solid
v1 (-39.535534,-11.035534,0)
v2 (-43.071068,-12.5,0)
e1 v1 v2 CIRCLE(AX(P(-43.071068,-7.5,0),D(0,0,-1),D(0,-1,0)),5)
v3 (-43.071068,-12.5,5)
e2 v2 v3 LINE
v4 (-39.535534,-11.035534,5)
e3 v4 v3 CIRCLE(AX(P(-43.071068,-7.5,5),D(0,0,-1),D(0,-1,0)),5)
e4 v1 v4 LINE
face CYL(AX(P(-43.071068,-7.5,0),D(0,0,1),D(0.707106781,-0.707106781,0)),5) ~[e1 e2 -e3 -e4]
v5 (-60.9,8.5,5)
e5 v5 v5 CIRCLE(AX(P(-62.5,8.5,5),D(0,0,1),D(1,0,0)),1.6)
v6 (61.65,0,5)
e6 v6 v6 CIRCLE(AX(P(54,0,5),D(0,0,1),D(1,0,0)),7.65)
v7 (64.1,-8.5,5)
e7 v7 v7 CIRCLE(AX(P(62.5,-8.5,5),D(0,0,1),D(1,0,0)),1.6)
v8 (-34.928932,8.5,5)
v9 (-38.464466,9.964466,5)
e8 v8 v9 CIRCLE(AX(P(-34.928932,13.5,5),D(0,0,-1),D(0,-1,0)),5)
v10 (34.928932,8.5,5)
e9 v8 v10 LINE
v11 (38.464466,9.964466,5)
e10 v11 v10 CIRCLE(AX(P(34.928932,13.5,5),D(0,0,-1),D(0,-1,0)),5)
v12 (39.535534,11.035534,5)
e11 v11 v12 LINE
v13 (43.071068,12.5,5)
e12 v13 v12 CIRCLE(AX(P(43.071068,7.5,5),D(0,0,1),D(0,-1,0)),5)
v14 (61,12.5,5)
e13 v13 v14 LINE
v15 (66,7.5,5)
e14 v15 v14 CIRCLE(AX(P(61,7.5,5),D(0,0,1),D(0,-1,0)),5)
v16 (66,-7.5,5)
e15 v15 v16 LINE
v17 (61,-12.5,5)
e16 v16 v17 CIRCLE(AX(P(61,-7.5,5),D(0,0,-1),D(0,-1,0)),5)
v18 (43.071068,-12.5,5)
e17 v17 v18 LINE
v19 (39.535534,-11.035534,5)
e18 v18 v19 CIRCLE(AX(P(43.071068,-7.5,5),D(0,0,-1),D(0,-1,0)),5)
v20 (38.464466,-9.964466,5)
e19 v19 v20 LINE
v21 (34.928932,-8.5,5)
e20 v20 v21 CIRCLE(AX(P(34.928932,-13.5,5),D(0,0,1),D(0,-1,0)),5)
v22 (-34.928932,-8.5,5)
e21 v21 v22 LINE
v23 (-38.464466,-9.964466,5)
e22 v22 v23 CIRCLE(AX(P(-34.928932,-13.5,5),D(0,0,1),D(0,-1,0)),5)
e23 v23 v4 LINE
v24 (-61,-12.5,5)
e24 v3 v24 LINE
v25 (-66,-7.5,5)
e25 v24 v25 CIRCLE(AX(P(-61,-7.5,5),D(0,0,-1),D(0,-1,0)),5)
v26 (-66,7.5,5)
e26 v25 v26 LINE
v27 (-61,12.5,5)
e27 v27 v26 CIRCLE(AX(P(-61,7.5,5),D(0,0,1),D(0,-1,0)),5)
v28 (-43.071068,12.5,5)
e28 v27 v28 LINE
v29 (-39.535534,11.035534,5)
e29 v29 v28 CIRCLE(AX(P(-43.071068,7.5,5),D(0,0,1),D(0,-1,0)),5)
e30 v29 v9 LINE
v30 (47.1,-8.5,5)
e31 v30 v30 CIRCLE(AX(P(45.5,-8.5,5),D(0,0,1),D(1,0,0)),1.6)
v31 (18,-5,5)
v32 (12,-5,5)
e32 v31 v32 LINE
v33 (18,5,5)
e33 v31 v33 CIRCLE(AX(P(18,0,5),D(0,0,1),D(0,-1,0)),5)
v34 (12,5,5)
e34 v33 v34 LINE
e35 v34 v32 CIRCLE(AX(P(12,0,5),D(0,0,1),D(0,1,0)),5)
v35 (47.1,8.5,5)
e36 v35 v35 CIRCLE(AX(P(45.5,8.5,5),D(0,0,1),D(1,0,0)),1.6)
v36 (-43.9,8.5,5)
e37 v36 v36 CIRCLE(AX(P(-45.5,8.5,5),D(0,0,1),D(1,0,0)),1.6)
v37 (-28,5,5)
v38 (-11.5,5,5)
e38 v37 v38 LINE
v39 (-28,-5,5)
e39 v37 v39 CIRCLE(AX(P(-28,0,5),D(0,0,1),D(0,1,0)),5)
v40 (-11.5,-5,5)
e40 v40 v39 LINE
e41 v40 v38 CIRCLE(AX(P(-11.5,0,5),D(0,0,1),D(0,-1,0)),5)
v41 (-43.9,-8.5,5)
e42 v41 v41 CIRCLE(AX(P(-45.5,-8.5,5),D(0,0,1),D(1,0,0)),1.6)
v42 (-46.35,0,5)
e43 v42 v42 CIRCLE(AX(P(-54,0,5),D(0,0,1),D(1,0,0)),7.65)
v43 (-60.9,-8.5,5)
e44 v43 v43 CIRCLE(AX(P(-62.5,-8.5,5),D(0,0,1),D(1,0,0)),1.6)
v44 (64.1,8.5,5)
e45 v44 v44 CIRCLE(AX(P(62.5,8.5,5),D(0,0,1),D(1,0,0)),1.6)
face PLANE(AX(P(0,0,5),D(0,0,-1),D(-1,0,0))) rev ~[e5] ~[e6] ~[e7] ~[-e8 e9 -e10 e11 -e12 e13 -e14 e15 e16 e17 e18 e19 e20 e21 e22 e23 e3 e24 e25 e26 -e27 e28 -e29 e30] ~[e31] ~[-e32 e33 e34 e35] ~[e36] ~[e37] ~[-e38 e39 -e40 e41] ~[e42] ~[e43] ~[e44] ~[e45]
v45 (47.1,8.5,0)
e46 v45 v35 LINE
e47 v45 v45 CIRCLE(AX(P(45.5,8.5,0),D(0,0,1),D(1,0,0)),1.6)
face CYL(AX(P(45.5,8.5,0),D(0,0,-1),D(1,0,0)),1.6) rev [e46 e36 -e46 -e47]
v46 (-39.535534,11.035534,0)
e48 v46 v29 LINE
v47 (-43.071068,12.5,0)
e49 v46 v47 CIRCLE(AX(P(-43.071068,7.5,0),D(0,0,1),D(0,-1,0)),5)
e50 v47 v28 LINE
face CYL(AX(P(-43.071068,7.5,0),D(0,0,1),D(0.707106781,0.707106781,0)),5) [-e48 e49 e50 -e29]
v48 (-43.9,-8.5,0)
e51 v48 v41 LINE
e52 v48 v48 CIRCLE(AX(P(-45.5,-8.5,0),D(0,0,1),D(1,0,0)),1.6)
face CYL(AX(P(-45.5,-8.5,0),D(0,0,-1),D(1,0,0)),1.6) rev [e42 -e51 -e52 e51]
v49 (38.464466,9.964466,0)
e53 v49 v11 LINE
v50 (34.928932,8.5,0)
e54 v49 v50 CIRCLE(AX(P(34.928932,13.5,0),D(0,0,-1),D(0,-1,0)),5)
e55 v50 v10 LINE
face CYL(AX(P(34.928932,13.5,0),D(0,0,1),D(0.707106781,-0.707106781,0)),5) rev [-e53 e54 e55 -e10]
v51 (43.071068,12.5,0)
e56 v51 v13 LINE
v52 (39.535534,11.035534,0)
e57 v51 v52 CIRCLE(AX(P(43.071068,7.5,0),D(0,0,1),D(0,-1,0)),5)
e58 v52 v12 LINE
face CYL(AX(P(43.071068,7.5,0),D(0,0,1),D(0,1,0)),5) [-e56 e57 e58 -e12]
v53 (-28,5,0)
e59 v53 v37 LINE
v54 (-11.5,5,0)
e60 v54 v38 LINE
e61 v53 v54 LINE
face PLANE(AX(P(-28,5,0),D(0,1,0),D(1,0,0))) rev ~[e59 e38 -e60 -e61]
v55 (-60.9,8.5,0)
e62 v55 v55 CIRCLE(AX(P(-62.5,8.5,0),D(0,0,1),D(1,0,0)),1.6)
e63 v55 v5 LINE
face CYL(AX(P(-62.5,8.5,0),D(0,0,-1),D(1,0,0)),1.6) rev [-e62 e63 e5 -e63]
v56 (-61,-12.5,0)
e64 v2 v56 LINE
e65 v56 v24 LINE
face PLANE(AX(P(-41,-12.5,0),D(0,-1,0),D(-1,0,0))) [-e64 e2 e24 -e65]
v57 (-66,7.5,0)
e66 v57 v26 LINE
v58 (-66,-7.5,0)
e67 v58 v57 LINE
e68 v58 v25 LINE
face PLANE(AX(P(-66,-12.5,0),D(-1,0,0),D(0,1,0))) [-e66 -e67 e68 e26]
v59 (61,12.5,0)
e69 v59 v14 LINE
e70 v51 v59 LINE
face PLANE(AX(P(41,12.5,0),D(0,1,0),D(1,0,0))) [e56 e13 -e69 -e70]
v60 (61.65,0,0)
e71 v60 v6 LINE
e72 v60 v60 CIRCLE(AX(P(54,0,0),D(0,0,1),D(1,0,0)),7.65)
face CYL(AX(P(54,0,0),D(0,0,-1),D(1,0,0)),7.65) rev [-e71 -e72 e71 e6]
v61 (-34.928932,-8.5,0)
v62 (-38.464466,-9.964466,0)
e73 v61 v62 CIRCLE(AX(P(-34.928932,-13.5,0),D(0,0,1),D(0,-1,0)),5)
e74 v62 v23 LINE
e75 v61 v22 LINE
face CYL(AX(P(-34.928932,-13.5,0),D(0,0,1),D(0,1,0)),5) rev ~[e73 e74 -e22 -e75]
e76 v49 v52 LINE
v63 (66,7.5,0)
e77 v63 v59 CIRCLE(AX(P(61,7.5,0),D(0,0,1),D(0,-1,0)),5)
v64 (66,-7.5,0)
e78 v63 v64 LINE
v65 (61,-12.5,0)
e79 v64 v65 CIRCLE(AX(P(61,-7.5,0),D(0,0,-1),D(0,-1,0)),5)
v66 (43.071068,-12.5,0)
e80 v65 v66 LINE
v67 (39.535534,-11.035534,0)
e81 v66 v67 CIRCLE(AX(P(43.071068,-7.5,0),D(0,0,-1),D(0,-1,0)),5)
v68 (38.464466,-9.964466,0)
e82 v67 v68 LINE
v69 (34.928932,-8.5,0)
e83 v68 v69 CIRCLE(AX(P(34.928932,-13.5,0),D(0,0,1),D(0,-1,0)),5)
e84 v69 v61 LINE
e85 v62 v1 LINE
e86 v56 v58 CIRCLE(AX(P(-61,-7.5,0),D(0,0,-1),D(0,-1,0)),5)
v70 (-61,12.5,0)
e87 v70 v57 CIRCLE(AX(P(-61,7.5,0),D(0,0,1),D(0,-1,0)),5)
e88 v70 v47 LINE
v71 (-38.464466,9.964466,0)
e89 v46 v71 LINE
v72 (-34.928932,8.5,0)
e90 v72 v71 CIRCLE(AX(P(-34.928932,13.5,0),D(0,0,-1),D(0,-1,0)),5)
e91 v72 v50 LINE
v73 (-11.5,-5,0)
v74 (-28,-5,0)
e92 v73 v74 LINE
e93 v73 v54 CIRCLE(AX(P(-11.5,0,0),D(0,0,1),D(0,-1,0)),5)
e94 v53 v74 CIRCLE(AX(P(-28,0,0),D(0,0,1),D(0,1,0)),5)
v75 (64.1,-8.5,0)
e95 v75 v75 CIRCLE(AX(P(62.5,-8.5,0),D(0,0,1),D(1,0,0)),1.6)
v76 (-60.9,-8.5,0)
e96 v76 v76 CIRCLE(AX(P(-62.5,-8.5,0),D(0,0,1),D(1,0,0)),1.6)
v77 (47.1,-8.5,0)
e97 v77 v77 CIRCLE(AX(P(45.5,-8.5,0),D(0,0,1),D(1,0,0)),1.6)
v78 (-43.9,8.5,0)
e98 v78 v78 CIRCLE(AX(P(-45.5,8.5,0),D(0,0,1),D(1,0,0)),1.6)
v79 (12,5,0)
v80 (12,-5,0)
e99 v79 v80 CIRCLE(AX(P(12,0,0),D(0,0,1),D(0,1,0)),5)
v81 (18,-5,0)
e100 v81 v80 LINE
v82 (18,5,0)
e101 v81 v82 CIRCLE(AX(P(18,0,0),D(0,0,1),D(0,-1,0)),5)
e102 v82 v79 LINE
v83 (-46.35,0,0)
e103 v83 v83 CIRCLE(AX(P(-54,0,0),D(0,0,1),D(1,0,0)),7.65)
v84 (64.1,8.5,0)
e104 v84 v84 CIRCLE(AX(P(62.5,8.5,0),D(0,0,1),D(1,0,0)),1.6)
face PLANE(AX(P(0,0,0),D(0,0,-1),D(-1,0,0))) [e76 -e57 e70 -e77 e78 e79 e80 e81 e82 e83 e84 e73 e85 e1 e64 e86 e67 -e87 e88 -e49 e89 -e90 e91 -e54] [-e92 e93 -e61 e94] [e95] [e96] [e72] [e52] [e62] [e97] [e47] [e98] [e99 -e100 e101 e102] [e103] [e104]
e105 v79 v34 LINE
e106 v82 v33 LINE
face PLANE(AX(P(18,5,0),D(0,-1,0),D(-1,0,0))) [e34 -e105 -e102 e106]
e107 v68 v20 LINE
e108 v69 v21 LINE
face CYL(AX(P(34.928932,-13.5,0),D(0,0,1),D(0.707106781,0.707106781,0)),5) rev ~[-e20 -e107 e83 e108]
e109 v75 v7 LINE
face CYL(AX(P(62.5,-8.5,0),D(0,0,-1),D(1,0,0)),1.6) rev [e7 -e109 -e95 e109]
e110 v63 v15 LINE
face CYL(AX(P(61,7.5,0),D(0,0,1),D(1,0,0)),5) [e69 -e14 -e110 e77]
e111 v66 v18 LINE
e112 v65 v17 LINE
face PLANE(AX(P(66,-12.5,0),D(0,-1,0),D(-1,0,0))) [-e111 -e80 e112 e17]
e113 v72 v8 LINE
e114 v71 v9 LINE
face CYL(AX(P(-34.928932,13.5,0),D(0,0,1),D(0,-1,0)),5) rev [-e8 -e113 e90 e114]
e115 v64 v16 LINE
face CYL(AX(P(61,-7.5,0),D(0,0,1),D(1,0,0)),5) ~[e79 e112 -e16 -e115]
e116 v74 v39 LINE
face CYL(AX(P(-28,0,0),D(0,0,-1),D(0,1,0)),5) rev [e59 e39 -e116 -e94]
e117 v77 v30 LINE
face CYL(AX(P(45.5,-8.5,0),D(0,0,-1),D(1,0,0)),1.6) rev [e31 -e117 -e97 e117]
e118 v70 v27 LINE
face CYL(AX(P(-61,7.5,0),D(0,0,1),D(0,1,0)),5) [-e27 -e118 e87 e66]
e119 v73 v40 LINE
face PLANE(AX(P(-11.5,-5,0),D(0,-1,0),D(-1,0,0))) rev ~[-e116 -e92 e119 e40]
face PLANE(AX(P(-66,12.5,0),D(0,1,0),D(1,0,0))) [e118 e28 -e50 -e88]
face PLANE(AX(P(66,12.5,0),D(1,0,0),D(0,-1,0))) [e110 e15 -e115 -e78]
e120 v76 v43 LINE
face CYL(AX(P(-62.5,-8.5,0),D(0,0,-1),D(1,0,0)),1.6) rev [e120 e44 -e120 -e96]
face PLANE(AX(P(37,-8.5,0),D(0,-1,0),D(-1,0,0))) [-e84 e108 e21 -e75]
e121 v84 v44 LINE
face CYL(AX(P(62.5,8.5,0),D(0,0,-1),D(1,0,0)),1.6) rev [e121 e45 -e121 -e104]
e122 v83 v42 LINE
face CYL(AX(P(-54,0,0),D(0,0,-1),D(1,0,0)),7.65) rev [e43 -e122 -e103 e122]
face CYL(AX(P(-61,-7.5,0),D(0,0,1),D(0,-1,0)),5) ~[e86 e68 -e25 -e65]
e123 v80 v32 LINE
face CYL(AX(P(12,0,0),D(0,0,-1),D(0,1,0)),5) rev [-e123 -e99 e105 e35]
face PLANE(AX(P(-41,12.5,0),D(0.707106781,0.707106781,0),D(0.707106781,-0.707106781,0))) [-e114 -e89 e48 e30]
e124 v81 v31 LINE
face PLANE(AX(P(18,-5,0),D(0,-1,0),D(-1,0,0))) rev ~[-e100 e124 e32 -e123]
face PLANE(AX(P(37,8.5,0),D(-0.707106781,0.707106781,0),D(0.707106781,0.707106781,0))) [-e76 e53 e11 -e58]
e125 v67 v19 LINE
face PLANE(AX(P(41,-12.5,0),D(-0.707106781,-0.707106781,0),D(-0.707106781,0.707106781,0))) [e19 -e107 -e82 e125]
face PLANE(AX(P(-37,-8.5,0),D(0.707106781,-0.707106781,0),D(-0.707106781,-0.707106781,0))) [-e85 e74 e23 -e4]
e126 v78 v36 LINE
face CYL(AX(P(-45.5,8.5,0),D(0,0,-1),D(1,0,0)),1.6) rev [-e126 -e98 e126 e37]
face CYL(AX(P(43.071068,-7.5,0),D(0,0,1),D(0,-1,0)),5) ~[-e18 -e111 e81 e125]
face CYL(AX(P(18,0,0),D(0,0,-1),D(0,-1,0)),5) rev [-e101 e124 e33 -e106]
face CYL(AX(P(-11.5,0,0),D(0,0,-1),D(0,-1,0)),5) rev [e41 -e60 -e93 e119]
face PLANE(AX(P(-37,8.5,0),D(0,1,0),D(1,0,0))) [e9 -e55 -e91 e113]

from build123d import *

# Parameters (mm, degrees)
SKETCH_R    = 7.65
SKETCH_R_2  = 1.6
PAD_DEPTH   = 5
FILLET_R    = 5
FILLET001_R = 5
FILLET002_R = 5


with BuildPart() as part:
    # Sketch → Pad (new body)
    with BuildSketch(Plane.XY):
        Polygon((66, 12.5), (66, -12.5), (41, -12.5), (37, -8.5), (-37, -8.5), (-41, -12.5), (-66, -12.5), (-66, 12.5), (-41, 12.5), (-37, 8.5), (37, 8.5), (41, 12.5), align=None)
        with Locations((54, 0)):
            Circle(SKETCH_R, mode=Mode.SUBTRACT)
        with Locations((45.5, 8.5)):
            Circle(SKETCH_R_2, mode=Mode.SUBTRACT)
        with Locations((62.5, 8.5)):
            Circle(SKETCH_R_2, mode=Mode.SUBTRACT)
        with Locations((62.5, -8.5)):
            Circle(SKETCH_R_2, mode=Mode.SUBTRACT)
        with Locations((45.5, -8.5)):
            Circle(SKETCH_R_2, mode=Mode.SUBTRACT)
        with Locations((-54, 0)):
            Circle(SKETCH_R, mode=Mode.SUBTRACT)
        with Locations((-45.5, 8.5)):
            Circle(SKETCH_R_2, mode=Mode.SUBTRACT)
        with Locations((-62.5, 8.5)):
            Circle(SKETCH_R_2, mode=Mode.SUBTRACT)
        with Locations((-62.5, -8.5)):
            Circle(SKETCH_R_2, mode=Mode.SUBTRACT)
        with Locations((-45.5, -8.5)):
            Circle(SKETCH_R_2, mode=Mode.SUBTRACT)
        with BuildLine():
            ThreePointArc((-28, 5), (-33, 0), (-28, -5))
            Line((-11.5, -5), (-28, -5))
            ThreePointArc((-11.5, -5), (-6.5, 0), (-11.5, 5))
            Line((-28, 5), (-11.5, 5))
        make_face(mode=Mode.SUBTRACT)
        with BuildLine():
            ThreePointArc((18, -5), (23, 0), (18, 5))
            Line((18, 5), (12, 5))
            ThreePointArc((12, 5), (7, 0), (12, -5))
            Line((18, -5), (12, -5))
        make_face(mode=Mode.SUBTRACT)
    extrude(amount=PAD_DEPTH)

    # Fillet
    fillet_edges = [part.edges().sort_by_distance(p)[0] for p in [
        (66, -12.5, 2.5),
        (66, 12.5, 2.5),
        (-66, -12.5, 2.5),
        (-66, 12.5, 2.5),
    ]]
    fillet(fillet_edges, radius=FILLET_R)

    # Fillet001
    fillet001_edges = [part.edges().sort_by_distance(p)[0] for p in [
        (-41, -12.5, 2.5),
        (-37, -8.5, 2.5),
        (37, -8.5, 2.5),
        (41, -12.5, 2.5),
    ]]
    fillet(fillet001_edges, radius=FILLET001_R)

    # Fillet002
    fillet002_edges = [part.edges().sort_by_distance(p)[0] for p in [
        (41, 12.5, 2.5),
        (37, 8.5, 2.5),
        (-41, 12.5, 2.5),
        (-37, 8.5, 2.5),
    ]]
    fillet(fillet002_edges, radius=FILLET002_R)


solid = part.part
